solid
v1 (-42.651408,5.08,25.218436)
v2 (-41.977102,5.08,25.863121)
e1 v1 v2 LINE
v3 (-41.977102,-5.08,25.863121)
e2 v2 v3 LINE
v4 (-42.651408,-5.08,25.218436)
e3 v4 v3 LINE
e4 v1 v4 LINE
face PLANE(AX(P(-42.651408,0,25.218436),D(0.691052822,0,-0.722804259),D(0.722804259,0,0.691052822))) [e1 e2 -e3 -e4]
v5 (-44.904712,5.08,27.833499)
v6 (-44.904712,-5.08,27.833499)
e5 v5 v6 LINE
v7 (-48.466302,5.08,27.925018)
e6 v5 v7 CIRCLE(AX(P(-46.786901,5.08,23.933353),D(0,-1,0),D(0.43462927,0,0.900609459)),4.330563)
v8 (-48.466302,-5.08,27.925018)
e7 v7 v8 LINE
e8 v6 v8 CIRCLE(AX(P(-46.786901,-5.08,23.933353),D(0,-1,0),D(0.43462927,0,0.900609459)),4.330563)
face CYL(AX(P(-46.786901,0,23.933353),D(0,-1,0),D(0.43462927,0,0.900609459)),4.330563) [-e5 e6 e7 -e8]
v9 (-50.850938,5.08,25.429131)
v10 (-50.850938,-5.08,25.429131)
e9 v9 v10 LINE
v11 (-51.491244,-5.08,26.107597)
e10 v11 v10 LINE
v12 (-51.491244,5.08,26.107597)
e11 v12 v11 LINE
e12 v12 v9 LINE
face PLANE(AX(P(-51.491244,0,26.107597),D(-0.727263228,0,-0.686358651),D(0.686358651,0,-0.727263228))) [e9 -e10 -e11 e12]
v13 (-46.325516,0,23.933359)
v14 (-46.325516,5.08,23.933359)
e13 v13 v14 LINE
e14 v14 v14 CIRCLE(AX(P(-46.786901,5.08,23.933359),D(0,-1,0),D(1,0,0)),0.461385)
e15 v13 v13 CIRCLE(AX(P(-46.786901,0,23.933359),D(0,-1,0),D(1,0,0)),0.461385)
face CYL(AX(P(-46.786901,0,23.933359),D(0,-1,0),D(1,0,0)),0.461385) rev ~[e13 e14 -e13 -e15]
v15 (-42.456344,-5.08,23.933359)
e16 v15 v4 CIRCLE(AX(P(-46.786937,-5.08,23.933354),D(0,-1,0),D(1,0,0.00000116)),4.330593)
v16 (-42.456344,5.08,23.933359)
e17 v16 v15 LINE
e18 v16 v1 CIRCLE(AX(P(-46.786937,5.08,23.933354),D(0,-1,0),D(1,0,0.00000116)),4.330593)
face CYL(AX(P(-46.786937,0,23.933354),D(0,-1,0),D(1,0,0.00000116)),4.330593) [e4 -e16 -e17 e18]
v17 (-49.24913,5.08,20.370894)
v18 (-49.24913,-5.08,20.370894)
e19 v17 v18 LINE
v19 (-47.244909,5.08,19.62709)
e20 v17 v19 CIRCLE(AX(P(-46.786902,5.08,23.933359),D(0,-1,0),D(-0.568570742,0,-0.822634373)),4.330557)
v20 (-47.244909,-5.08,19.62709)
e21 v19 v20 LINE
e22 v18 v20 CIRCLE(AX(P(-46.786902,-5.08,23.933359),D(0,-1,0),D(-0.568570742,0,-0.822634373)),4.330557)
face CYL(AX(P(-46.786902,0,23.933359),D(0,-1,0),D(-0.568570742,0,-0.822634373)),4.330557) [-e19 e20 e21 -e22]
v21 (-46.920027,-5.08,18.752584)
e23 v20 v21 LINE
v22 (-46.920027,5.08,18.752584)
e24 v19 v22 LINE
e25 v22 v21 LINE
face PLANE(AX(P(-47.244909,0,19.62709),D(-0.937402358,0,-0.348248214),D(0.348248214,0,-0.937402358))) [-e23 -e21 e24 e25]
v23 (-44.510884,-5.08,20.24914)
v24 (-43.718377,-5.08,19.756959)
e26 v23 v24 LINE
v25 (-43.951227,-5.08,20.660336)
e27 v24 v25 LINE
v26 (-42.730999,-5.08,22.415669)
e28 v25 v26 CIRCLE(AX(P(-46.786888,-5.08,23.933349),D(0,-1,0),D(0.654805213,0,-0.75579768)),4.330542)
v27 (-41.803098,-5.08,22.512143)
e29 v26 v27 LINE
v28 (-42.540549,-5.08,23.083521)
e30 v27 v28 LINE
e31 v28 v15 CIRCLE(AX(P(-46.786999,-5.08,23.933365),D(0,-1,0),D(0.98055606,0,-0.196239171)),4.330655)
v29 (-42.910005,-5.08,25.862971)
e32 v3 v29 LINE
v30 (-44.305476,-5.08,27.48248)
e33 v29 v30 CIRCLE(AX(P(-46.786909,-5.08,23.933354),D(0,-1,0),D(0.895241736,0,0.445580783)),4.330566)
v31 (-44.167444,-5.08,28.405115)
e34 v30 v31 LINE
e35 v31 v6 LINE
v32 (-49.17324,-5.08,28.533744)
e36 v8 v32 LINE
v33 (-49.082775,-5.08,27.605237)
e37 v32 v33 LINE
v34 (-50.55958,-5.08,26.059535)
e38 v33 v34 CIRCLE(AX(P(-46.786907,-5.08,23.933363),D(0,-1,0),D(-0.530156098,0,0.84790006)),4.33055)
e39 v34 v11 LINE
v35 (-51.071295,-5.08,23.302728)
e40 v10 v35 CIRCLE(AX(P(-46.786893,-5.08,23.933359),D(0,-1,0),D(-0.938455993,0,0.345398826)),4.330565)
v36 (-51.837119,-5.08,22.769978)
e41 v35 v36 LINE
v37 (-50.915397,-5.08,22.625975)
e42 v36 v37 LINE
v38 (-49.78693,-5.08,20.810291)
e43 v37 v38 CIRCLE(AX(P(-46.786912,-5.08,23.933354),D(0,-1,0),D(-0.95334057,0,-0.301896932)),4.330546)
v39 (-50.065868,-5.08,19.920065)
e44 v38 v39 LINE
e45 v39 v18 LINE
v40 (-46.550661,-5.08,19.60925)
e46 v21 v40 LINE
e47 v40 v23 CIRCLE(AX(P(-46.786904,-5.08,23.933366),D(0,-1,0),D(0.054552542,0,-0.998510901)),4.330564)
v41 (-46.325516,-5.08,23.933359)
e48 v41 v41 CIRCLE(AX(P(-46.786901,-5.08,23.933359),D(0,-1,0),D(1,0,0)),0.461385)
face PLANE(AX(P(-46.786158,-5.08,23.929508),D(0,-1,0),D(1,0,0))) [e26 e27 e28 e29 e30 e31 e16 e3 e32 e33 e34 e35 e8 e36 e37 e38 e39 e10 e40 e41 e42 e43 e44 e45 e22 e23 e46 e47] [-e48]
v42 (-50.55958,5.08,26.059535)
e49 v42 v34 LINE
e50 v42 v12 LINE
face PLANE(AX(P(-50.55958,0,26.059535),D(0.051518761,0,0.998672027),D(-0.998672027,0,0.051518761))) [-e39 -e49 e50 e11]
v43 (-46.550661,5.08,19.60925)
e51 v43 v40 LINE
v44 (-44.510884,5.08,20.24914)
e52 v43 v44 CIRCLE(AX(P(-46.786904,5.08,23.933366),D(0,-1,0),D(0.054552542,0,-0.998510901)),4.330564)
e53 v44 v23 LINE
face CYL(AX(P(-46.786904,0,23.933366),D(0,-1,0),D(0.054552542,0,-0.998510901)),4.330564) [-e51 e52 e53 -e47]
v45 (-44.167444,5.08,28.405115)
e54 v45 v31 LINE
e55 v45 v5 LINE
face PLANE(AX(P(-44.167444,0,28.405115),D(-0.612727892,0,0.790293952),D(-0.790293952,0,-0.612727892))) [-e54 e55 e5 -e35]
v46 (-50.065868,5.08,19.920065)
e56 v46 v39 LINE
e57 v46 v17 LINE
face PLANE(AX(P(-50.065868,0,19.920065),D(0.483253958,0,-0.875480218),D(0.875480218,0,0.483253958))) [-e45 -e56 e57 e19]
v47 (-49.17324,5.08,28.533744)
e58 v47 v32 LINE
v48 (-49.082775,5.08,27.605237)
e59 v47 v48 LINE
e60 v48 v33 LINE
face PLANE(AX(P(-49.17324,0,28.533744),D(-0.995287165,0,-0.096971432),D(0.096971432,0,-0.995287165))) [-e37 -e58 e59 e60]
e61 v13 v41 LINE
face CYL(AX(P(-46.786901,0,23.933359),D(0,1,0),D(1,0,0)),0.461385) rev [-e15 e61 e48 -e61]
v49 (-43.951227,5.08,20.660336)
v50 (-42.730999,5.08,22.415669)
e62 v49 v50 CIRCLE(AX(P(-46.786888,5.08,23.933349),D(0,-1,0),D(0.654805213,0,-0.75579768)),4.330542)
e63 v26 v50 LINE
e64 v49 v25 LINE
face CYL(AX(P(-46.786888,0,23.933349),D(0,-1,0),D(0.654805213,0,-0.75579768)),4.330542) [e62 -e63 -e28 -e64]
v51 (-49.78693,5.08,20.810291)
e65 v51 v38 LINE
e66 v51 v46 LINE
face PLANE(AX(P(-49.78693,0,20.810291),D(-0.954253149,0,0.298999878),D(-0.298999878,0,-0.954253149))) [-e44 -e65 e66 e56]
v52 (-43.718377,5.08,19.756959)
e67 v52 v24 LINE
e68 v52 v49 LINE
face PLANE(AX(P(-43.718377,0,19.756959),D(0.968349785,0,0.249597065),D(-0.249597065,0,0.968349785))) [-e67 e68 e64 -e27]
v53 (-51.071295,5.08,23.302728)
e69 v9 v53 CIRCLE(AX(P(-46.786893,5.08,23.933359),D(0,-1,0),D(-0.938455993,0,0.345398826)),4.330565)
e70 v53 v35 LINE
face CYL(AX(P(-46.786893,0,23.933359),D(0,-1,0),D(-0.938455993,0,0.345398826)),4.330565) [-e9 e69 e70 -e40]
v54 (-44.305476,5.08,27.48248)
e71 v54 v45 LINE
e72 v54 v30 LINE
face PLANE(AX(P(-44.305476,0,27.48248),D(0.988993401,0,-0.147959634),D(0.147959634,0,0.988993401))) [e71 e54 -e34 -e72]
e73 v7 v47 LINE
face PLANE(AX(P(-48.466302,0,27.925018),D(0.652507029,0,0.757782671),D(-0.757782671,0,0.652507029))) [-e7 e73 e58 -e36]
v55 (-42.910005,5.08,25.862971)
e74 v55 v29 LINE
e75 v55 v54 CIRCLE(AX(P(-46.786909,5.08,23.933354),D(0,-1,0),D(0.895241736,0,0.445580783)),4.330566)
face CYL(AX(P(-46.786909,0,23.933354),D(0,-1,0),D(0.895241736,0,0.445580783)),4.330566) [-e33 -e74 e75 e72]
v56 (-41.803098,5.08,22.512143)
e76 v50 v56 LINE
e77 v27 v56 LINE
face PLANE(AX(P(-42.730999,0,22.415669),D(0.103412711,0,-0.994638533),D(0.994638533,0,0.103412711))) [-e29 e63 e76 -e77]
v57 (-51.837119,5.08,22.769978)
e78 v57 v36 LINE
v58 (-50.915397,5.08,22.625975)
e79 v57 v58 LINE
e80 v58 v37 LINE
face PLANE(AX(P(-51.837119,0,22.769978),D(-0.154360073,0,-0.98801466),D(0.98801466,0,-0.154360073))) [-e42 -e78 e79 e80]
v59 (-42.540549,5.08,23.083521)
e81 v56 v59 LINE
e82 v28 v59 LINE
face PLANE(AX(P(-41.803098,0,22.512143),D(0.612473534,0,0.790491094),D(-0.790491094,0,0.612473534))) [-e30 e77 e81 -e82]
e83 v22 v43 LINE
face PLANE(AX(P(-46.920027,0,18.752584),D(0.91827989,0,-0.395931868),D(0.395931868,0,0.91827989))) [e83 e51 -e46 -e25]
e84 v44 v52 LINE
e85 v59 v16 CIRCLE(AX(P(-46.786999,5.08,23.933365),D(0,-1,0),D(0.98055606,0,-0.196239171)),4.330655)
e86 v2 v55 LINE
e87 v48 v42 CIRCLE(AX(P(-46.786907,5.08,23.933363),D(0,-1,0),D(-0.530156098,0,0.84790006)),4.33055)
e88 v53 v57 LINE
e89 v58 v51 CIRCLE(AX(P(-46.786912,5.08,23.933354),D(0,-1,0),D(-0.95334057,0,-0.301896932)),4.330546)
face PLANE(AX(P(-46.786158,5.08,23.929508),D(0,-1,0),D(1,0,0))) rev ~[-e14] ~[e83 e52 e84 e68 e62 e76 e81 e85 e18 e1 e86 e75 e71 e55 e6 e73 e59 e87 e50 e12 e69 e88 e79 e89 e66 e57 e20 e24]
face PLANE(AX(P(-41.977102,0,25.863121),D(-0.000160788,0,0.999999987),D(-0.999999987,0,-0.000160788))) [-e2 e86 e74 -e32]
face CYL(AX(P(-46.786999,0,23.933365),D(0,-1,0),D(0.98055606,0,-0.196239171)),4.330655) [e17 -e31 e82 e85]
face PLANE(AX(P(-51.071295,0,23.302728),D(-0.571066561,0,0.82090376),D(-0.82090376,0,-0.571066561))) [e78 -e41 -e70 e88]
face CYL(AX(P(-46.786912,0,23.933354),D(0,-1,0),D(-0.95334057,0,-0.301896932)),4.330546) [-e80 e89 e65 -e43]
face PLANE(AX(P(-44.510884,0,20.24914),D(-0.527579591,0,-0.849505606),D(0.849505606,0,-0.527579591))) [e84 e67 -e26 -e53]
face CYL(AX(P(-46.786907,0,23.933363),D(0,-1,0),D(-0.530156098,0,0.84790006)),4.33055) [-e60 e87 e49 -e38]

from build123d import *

# Parameters (mm, degrees)
F0_R          = 0.461385
F1_DEPTH      = 5.08
F1_DEPTH_BACK = 5.08


with BuildPart() as f1:
    # F0 (on Front) → F1 (new body, two sides)
    with BuildSketch(Plane.XZ) as f1_sk:
        with BuildLine():
            ThreePointArc((-42.540549, 23.083521), (-42.477447, 23.506359), (-42.456344, 23.933359))
            ThreePointArc((-42.456344, 23.933359), (-42.505388, 24.583257), (-42.651408, 25.218436))
            ThreePointArc((-42.651408, 25.218436), (-42.767765, 25.545895), (-42.910005, 25.862971))
            ThreePointArc((-42.910005, 25.862971), (-43.506236, 26.760188), (-44.305476, 27.48248))
            ThreePointArc((-44.305476, 27.48248), (-44.598046, 27.670021), (-44.904712, 27.833499))
            ThreePointArc((-44.904712, 27.833499), (-46.67566, 28.262487), (-48.466302, 27.925018))
            ThreePointArc((-48.466302, 27.925018), (-48.780959, 27.777505), (-49.082775, 27.605237))
            ThreePointArc((-49.082775, 27.605237), (-49.918056, 26.924947), (-50.55958, 26.059535))
            ThreePointArc((-50.55958, 26.059535), (-50.717916, 25.750183), (-50.850938, 25.429131))
            ThreePointArc((-50.850938, 25.429131), (-51.094391, 24.379741), (-51.071295, 23.302728))
            ThreePointArc((-51.071295, 23.302728), (-51.006934, 22.961222), (-50.915397, 22.625975))
            ThreePointArc((-50.915397, 22.625975), (-50.464964, 21.647405), (-49.78693, 20.810291))
            ThreePointArc((-49.78693, 20.810291), (-49.526852, 20.579794), (-49.24913, 20.370894))
            ThreePointArc((-49.24913, 20.370894), (-48.293638, 19.873375), (-47.244909, 19.62709))
            ThreePointArc((-47.244909, 19.62709), (-46.898143, 19.604231), (-46.550661, 19.60925))
            ThreePointArc((-46.550661, 19.60925), (-45.490666, 19.80135), (-44.510884, 20.24914))
            ThreePointArc((-44.510884, 20.24914), (-44.222799, 20.443501), (-43.951227, 20.660336))
            ThreePointArc((-43.951227, 20.660336), (-43.231095, 21.461523), (-42.730999, 22.415669))
            ThreePointArc((-42.730999, 22.415669), (-42.622365, 22.745771), (-42.540549, 23.083521))
        make_face()
        with Locations((-46.786901, 23.933359)):
            Circle(F0_R, mode=Mode.SUBTRACT)
        with BuildLine():
            ThreePointArc((-42.910005, 25.862971), (-42.767765, 25.545895), (-42.651408, 25.218436))
            Line((-42.651408, 25.218436), (-41.977102, 25.863121))
            Line((-41.977102, 25.863121), (-42.910005, 25.862971))
        make_face()
        with BuildLine():
            Line((-41.803098, 22.512143), (-42.540549, 23.083521))
            ThreePointArc((-42.540549, 23.083521), (-42.622365, 22.745771), (-42.730999, 22.415669))
            Line((-42.730999, 22.415669), (-41.803098, 22.512143))
        make_face()
        with BuildLine():
            ThreePointArc((-44.904712, 27.833499), (-44.598046, 27.670021), (-44.305476, 27.48248))
            Line((-44.305476, 27.48248), (-44.167444, 28.405115))
            Line((-44.167444, 28.405115), (-44.904712, 27.833499))
        make_face()
        with BuildLine():
            Line((-43.718377, 19.756959), (-43.951227, 20.660336))
            ThreePointArc((-43.951227, 20.660336), (-44.222799, 20.443501), (-44.510884, 20.24914))
            Line((-44.510884, 20.24914), (-43.718377, 19.756959))
        make_face()
        with BuildLine():
            ThreePointArc((-49.082775, 27.605237), (-48.780959, 27.777505), (-48.466302, 27.925018))
            Line((-48.466302, 27.925018), (-49.17324, 28.533744))
            Line((-49.17324, 28.533744), (-49.082775, 27.605237))
        make_face()
        with BuildLine():
            Line((-46.920027, 18.752584), (-46.550661, 19.60925))
            ThreePointArc((-46.550661, 19.60925), (-46.898143, 19.604231), (-47.244909, 19.62709))
            Line((-47.244909, 19.62709), (-46.920027, 18.752584))
        make_face()
        with BuildLine():
            ThreePointArc((-50.850938, 25.429131), (-50.717916, 25.750183), (-50.55958, 26.059535))
            Line((-50.55958, 26.059535), (-51.491244, 26.107597))
            Line((-51.491244, 26.107597), (-50.850938, 25.429131))
        make_face()
        with BuildLine():
            Line((-50.065868, 19.920065), (-49.24913, 20.370894))
            ThreePointArc((-49.24913, 20.370894), (-49.526852, 20.579794), (-49.78693, 20.810291))
            Line((-49.78693, 20.810291), (-50.065868, 19.920065))
        make_face()
        with BuildLine():
            ThreePointArc((-50.915397, 22.625975), (-51.006934, 22.961222), (-51.071295, 23.302728))
            Line((-51.071295, 23.302728), (-51.837119, 22.769978))
            Line((-51.837119, 22.769978), (-50.915397, 22.625975))
        make_face()
    extrude(amount=F1_DEPTH)
    extrude(f1_sk.sketch, amount=-F1_DEPTH_BACK)


solid = f1.part
